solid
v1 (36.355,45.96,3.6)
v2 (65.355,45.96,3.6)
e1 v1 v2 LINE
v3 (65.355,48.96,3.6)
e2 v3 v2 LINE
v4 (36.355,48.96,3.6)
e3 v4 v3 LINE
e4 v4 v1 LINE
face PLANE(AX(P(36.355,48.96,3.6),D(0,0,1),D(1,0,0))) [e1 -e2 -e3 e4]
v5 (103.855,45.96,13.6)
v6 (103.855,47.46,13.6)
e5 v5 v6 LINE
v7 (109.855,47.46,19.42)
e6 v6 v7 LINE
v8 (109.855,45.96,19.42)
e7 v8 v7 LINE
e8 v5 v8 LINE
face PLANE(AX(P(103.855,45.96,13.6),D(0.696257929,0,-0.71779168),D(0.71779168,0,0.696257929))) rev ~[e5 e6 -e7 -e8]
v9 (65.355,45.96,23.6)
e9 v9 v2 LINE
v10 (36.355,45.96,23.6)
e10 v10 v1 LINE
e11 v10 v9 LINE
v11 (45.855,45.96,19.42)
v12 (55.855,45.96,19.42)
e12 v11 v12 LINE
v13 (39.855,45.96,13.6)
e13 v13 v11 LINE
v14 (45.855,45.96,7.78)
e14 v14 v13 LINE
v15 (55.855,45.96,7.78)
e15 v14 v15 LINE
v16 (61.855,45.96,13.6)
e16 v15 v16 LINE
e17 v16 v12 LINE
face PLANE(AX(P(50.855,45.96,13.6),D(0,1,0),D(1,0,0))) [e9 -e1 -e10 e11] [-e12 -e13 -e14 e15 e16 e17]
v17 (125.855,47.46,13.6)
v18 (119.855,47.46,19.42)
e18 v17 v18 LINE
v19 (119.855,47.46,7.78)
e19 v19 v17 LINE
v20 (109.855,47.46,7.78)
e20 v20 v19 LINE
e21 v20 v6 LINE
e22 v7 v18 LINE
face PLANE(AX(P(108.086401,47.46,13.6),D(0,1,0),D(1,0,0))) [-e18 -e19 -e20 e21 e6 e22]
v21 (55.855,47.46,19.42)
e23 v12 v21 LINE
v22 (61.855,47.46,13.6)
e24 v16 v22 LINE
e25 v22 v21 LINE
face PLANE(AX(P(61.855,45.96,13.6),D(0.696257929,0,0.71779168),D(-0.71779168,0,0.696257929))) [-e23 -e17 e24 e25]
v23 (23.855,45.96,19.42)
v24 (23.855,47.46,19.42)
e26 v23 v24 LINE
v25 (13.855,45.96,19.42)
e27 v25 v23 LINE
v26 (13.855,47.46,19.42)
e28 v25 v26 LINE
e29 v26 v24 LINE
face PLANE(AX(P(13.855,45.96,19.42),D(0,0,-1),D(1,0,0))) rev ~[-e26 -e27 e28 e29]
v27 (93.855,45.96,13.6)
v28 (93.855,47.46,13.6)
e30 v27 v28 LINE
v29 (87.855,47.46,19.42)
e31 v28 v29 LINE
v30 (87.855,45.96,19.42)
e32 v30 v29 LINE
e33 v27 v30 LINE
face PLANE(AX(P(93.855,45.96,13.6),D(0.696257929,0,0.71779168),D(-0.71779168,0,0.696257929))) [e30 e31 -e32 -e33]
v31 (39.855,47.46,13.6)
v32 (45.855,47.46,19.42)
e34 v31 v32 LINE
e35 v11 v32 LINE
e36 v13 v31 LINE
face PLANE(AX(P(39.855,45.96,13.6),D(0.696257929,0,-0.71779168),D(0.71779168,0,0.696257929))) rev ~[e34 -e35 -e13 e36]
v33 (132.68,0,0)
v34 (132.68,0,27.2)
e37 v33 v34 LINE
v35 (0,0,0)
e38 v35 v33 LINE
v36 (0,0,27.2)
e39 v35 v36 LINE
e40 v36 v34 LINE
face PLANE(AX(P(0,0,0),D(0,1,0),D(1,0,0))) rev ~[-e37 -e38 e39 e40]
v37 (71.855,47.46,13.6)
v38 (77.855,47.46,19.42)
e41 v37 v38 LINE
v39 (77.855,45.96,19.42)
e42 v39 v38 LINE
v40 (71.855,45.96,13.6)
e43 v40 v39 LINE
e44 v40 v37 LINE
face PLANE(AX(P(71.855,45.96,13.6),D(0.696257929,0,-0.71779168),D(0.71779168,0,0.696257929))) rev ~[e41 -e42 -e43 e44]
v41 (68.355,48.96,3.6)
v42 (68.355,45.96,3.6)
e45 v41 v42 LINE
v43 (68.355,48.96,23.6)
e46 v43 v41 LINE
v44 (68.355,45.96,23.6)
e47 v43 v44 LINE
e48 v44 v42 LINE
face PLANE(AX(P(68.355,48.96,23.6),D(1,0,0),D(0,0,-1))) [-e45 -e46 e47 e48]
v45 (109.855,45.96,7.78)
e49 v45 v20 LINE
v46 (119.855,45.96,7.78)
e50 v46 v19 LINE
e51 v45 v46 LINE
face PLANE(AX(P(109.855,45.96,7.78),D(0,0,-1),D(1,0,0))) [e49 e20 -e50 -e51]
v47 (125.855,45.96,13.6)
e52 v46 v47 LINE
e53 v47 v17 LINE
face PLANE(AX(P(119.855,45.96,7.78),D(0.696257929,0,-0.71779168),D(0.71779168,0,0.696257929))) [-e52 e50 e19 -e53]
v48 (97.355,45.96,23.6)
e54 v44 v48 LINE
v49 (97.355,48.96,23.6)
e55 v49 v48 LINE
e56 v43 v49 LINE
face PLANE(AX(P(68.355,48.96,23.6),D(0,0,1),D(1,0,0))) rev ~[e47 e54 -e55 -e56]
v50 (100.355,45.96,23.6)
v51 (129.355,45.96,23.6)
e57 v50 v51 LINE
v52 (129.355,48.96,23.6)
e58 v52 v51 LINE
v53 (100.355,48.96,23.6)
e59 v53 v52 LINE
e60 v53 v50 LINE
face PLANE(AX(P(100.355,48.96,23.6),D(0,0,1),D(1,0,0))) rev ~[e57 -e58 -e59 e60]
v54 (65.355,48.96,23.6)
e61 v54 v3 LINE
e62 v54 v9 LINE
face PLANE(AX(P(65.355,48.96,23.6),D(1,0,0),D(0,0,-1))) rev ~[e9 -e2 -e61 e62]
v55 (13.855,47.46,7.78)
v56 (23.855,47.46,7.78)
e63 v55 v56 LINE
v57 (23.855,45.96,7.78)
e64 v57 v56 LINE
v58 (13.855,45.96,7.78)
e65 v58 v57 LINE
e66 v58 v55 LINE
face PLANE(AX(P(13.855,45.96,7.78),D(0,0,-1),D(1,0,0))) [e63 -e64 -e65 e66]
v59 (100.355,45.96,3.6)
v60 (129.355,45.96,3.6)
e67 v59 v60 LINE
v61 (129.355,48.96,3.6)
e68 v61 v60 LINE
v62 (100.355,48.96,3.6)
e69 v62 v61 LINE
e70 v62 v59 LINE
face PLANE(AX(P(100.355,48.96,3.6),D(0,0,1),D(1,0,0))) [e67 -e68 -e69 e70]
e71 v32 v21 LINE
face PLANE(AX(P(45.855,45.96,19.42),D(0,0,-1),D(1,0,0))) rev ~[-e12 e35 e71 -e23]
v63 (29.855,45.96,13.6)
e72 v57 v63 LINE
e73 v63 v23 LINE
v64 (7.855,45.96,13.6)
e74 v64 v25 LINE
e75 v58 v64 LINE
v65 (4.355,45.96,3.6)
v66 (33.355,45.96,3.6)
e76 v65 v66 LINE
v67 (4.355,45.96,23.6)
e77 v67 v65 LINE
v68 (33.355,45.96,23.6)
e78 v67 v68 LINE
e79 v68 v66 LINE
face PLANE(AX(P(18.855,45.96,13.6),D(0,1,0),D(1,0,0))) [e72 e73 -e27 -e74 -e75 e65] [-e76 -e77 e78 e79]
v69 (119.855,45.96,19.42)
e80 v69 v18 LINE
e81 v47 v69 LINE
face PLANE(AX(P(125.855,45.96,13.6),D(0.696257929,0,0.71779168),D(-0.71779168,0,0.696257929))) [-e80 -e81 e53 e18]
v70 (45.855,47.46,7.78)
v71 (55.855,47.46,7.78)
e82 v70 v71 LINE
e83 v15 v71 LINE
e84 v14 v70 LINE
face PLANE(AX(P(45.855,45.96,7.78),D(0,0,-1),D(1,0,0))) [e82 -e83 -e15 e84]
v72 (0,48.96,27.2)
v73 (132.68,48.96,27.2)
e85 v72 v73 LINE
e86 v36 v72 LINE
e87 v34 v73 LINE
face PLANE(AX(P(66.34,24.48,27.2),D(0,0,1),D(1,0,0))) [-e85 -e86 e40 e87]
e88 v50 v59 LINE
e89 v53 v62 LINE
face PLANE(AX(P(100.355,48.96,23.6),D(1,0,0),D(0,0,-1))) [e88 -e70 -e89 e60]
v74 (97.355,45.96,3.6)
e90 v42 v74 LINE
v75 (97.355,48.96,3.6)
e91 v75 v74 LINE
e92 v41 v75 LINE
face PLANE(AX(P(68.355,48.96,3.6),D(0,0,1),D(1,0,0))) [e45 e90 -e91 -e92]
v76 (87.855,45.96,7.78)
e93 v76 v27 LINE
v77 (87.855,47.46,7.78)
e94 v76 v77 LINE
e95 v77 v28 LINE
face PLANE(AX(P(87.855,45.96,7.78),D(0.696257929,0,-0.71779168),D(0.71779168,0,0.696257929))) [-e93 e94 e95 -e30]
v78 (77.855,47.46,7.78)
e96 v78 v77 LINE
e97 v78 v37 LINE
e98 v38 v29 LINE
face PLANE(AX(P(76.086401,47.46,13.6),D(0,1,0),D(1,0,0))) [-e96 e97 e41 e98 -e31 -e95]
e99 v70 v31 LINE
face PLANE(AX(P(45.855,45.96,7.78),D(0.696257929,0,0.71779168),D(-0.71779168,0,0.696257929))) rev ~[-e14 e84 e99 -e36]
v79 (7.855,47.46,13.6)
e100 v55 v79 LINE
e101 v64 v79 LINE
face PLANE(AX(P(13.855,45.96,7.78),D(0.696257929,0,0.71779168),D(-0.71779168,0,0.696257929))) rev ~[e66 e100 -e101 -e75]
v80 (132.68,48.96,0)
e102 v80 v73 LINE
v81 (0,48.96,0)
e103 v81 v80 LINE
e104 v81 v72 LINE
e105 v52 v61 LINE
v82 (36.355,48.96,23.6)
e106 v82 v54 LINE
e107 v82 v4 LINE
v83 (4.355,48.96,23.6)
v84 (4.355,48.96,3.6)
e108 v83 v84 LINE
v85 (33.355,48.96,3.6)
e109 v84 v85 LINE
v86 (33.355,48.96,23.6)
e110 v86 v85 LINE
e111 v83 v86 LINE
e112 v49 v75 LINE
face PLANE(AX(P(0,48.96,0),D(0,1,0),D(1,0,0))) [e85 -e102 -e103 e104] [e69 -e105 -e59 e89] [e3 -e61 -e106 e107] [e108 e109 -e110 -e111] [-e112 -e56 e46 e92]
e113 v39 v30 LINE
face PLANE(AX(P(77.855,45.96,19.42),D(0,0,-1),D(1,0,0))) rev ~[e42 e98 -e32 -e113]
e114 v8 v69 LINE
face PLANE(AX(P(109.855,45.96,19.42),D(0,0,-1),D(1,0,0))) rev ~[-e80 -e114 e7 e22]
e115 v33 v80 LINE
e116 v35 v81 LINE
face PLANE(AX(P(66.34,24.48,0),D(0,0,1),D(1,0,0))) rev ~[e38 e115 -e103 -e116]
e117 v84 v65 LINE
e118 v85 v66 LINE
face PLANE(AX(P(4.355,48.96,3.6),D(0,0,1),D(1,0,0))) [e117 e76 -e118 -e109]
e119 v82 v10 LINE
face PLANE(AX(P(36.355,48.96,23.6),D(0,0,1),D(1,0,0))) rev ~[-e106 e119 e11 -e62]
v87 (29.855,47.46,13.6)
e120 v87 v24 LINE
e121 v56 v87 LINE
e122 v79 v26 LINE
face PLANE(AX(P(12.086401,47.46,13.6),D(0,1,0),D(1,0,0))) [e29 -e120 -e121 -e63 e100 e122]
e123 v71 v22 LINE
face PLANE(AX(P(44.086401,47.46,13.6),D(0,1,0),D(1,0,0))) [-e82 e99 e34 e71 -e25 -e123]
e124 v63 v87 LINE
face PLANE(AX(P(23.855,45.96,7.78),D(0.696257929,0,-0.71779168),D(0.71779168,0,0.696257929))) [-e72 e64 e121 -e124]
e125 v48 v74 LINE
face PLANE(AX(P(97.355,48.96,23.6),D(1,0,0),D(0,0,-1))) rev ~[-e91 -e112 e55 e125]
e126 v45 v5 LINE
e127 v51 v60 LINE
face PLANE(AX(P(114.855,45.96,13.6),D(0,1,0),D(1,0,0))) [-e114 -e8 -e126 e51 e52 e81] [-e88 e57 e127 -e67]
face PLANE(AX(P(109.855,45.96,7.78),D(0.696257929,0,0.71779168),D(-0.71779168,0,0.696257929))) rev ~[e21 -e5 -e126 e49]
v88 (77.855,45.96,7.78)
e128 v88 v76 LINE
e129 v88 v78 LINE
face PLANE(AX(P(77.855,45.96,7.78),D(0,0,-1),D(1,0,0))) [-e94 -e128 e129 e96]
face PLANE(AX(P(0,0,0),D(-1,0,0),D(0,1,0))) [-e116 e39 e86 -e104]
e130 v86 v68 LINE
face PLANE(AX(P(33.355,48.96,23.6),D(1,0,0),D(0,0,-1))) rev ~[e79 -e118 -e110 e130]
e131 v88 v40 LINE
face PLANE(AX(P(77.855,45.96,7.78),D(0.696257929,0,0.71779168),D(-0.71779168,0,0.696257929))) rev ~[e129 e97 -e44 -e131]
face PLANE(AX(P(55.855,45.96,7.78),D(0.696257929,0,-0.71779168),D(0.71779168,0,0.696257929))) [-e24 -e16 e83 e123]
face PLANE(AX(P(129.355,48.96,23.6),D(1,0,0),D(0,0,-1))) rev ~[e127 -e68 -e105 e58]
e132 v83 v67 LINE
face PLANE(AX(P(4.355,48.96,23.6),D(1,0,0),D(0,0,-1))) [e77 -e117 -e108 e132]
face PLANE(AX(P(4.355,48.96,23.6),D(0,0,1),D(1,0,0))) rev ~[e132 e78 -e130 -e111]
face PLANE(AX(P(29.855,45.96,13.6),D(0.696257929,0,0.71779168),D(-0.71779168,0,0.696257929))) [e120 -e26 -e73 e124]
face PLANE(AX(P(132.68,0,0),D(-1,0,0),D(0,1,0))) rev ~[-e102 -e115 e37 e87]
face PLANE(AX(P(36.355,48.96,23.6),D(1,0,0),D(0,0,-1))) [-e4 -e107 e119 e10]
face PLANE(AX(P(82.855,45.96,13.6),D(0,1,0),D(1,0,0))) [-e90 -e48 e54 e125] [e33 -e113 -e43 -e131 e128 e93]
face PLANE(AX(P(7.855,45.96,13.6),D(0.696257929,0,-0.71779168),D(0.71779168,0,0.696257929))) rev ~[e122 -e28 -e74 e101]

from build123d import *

# Parameters (mm, degrees)
SKETCH2_W           = 132.68
SKETCH2_H           = 48.96
BOSS_EXTRUDE1_DEPTH = 27.2
SKETCH3_W           = 29
SKETCH3_H           = 20
CUT_EXTRUDE1_DEPTH  = 3
SKETCH4_W           = 10
SKETCH4_H           = 11.64
BOSS_EXTRUDE2_DEPTH = 1.5
LPATTERN1_COUNT     = 4
LPATTERN1_PITCH     = 32


with BuildPart() as part:
    # Sketch2 → Boss-Extrude1 (new body)
    with BuildSketch(Plane.XY):
        with Locations((66.34, 24.48)):
            Rectangle(SKETCH2_W, SKETCH2_H)
    extrude(amount=BOSS_EXTRUDE1_DEPTH)

    # Sketch3 → Cut-Extrude1 (cut)
    with BuildSketch(Plane(origin=(0, 48.96, 0), x_dir=(1, 0, 0), z_dir=(0, 1, 0))):
        with Locations((18.855, -13.6)):
            Rectangle(SKETCH3_W, SKETCH3_H)
    cut_extrude1 = extrude(amount=-CUT_EXTRUDE1_DEPTH, mode=Mode.SUBTRACT)

    # Sketch4 → Boss-Extrude2 (add)
    with BuildSketch(Plane(origin=(0, 45.96, 0), x_dir=(1, 0, 0), z_dir=(0, 1, 0))):
        Polygon((13.855, -7.78), (7.855, -13.6), (13.855, -19.42), align=None)
        with Locations((18.855, -13.6)):
            Rectangle(SKETCH4_W, SKETCH4_H)
        Polygon((29.855, -13.6), (23.855, -19.42), (23.855, -7.78), align=None)
    boss_extrude2 = extrude(amount=BOSS_EXTRUDE2_DEPTH)

    # LPattern1: Cut-Extrude1, Boss-Extrude2 ×4
    with Locations(*[(i * LPATTERN1_PITCH, 0, 0) for i in range(1, LPATTERN1_COUNT)]):
        add(cut_extrude1, mode=Mode.SUBTRACT)
        add(boss_extrude2)


solid = part.part
